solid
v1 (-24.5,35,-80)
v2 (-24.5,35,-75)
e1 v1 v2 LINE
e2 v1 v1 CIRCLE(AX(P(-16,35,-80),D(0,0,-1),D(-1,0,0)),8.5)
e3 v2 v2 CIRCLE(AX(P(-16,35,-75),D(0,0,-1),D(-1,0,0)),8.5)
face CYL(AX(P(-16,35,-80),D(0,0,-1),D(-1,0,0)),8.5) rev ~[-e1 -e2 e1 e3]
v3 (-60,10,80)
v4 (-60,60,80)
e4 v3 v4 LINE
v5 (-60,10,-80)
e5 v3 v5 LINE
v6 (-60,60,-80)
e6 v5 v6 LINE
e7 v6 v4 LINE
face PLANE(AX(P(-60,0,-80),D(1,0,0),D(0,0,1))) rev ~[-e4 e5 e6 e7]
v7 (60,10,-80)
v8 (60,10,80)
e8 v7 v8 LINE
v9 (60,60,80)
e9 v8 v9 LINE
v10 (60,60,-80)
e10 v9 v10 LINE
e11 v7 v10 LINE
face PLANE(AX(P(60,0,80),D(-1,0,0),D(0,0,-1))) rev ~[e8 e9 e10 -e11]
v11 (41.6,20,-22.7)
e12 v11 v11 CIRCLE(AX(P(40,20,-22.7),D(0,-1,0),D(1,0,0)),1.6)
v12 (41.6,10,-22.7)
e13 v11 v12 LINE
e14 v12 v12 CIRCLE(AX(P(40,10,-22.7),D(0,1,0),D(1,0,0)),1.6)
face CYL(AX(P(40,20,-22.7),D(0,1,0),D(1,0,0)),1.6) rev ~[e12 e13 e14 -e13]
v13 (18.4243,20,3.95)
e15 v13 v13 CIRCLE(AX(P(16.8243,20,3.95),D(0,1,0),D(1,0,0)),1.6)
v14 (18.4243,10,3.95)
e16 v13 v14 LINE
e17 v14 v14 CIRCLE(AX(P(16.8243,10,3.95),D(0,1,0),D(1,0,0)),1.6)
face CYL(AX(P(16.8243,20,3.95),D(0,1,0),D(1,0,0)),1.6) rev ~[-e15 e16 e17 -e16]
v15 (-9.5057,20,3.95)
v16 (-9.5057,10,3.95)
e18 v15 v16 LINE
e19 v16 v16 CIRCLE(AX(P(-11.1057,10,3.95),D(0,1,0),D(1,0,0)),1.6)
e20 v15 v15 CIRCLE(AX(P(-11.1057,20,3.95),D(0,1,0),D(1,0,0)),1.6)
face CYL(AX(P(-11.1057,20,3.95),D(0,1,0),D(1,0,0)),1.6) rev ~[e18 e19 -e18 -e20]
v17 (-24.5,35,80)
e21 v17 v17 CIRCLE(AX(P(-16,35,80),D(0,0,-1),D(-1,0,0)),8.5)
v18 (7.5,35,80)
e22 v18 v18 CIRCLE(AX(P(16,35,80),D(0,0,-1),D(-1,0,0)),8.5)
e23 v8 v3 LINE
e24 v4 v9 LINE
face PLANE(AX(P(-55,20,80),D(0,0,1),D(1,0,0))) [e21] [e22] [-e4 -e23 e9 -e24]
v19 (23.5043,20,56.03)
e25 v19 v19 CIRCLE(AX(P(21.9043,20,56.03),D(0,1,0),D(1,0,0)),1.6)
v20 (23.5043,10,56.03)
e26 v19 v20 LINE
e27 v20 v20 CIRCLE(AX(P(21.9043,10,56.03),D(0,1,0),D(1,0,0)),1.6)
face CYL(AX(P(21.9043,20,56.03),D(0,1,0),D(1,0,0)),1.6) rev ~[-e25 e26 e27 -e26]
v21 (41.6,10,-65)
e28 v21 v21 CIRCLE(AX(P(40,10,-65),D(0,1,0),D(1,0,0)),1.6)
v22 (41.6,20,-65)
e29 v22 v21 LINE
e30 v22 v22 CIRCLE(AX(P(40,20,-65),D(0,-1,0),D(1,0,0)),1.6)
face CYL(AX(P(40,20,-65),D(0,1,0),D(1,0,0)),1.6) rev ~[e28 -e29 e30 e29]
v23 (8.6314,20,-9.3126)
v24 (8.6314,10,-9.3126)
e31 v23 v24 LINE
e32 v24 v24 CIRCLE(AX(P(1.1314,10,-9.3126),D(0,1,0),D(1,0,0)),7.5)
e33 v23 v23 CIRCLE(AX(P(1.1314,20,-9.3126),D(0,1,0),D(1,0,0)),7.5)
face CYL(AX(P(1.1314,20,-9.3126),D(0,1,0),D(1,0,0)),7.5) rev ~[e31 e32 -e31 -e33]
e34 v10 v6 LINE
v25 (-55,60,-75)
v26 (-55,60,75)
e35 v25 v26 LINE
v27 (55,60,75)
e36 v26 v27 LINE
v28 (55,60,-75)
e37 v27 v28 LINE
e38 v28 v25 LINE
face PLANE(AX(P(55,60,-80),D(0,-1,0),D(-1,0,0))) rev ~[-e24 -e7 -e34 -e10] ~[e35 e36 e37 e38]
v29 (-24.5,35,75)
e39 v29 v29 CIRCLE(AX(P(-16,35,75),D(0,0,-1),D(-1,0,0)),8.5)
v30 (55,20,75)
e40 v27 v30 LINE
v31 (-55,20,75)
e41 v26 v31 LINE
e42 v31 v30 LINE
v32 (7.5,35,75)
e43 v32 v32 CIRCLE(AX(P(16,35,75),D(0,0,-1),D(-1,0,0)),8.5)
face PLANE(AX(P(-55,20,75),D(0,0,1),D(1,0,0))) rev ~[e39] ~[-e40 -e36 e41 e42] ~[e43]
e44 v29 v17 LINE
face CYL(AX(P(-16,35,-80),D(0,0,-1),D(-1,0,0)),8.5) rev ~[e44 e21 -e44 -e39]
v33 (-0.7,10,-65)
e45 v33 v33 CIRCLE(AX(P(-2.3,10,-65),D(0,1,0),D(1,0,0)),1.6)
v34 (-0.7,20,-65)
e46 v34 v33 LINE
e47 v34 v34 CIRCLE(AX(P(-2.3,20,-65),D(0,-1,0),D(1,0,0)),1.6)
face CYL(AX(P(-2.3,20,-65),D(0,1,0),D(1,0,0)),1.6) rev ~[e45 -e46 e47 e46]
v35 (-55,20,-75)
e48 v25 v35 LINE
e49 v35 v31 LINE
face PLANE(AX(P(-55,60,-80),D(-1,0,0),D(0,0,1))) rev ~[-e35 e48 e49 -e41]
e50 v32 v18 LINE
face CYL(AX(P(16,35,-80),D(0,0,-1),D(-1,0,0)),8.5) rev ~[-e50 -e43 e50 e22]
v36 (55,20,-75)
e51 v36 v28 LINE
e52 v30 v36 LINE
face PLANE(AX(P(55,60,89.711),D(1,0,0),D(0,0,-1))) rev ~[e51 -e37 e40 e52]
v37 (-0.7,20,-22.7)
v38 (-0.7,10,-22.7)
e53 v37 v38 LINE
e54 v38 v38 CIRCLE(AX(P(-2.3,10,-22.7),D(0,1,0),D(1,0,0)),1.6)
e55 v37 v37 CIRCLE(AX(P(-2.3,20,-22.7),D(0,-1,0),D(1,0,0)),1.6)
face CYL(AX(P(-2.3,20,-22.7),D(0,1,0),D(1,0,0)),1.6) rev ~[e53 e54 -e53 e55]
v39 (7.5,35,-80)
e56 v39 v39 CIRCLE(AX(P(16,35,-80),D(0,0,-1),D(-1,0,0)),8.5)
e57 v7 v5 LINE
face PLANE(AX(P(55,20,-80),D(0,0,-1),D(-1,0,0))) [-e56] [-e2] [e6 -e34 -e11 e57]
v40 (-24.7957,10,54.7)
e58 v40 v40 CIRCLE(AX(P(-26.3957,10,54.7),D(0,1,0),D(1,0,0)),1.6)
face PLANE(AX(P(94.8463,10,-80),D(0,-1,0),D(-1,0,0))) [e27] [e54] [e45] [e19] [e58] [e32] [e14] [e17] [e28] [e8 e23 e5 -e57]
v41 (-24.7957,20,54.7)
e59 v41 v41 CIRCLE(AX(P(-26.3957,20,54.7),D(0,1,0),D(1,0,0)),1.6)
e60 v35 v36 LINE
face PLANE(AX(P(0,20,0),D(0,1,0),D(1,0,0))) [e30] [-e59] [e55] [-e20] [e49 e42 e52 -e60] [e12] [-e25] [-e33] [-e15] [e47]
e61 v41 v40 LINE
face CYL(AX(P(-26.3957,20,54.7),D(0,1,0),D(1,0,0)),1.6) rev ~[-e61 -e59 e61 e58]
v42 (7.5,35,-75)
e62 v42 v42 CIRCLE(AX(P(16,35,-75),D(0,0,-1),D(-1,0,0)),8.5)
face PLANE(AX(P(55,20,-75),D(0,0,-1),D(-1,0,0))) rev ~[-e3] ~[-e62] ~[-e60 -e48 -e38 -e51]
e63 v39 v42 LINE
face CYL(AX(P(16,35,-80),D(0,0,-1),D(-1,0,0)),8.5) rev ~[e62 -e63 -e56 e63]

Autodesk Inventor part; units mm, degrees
ref_plane "YZ Plane" through (0, 0, 0) normal (1, 0, 0) x (0, 1, 0)
ref_plane "XZ Plane" through (0, 0, 0) normal (0, 1, 0) x (-1, 0, 0)
ref_plane "XY Plane" through (0, 0, 0) normal (0, 0, 1) x (1, 0, 0)
sketch "스케치1" plane through (0, 0, 0) normal (0, 1, 0) x (-1, 0, 0)
  line L0 (60, 80) -> (-60, 80)
  line L1 (-60, 80) -> (-60, -80)
  line L2 (-60, -80) -> (60, -80)
  line L3 (60, -80) -> (60, 80)
  line L4 (60, 80) -> (-60, -80) construction
  line L5 (-60, 80) -> (60, -80) construction
  point P0 (0, 0)
  dimension "d0" = 120
  dimension "d1" = 160
extrude "돌출1" add sketch "스케치1" along normal blind 60
sketch "스케치2" plane through (0, 60, 0) normal (0, 1, 0) x (1, 0, 0)
  line L0 (60, -80) -> (60, 80) projected
  line L1 (60, 80) -> (-60, 80) projected
  line L2 (55, 102.1646) -> (-55, 102.1646)
  line L3 (-55, 102.1646) -> (-55, -89.711)
  line L4 (-55, -89.711) -> (55, -89.711)
  line L5 (55, -89.711) -> (55, 102.1646)
  line L6 (-60, 80) -> (-60, -80) projected
  point P0 (0, 0)
  point P1 (55, 80)
  point P2 (-55, 80)
  dimension "d6" = 5
  dimension "d7" = 5
extrude "돌출2" cut sketch "스케치2" against normal blind 40 contours L5 L4 L3 L1
sketch "스케치9" plane through (0, 20, 0) normal (0, 1, 0) x (1, 0, 0)
  line L0 (-28.9457, -70) -> (24.4543, -70)
  line L1 (24.4543, -70) -> (24.4543, -1.4)
  line L2 (24.4543, -1.4) -> (-28.9457, -1.4)
  line L3 (-28.9457, -1.4) -> (-28.9457, -70)
  line L4 (55, -80) -> (-55, -80) projected
  circle A0 centre (-26.3957, -54.7) radius 1.6
  circle A1 centre (21.9043, -56.03) radius 1.6
  circle A2 centre (16.8243, -3.95) radius 1.6
  circle A3 centre (-11.1057, -3.95) radius 1.6
  point P0 (0, 0)
  dimension "d42" = 53.4
  dimension "d43" = 68.6
  dimension "d44" = 10
  dimension "d45" = 3.2
  dimension "d46" = 15.3
  dimension "d47" = 2.55
  dimension "d51" = 3.2
  dimension "d52" = 2.55
  dimension "d56" = 13.97
  dimension "d57" = 3.2
  dimension "d58" = 7.63
  dimension "d59" = 2.55
  dimension "d60" = 3.2
  dimension "d61" = 2.55
  dimension "d62" = 35.56
extrude "돌출8" cut sketch "스케치9" against normal through all contours A0 | A1 | A2 | A3
sketch "스케치12" plane through (60, 0, -80) normal (0, 0, -1) x (-1, 0, 0)
  line L0 (-34.8463, 10) -> (156.2634, 10)
  line L1 (156.2634, 10) -> (156.2634, -36.9465)
  line L2 (156.2634, -36.9465) -> (-34.8463, -36.9465)
  line L3 (-34.8463, -36.9465) -> (-34.8463, 10)
  line L4 (0, 0) -> (120, 0) projected
  point P0 (60, 0)
  dimension "d85" = 10
extrude "돌출10" cut sketch "스케치12" against normal through all
sketch "스케치13" plane through (-55, 20, 80) normal (0, 0, 1) x (1, 0, 0)
  line L0 (0, 40) -> (0, 0) projected
  line L1 (0, 0) -> (110, 0) projected
  line L2 (0, 40) -> (110, 40)
  line L3 (110, 40) -> (110, 0)
  line L4 (110, 0) -> (0, 0)
  line L5 (0, 0) -> (0, 40)
  point P0 (55, -20)
extrude "돌출11" add sketch "스케치13" against normal blind 5
sketch "스케치14" plane through (55, 20, -80) normal (0, 0, -1) x (-1, 0, 0)
  line L0 (0, 0) -> (0, 40) projected
  line L1 (110, 0) -> (0, 0) projected
  line L2 (0, 40) -> (110, 40)
  line L3 (110, 40) -> (110, 0)
  line L4 (110, 0) -> (0, 0)
  line L5 (0, 0) -> (0, 40)
  point P0 (55, -20)
extrude "돌출12" add sketch "스케치14" against normal blind 5
sketch "스케치15" plane through (60, 60, -80) normal (0, 0, -1) x (-1, 0, 0)
  point P0 (60, -60)
sketch "스케치16" plane through (60, 60, -80) normal (0, 0, -1) x (-1, 0, 0)
  point P0 (60, -60)
sketch "스케치17" plane through (0, 20, 0) normal (0, 1, 0) x (1, 0, 0)
  line L0 (-2.3, 22.7) -> (40, 22.7)
  line L1 (40, 22.7) -> (40, 65)
  line L2 (40, 65) -> (-2.3, 65)
  line L3 (-2.3, 65) -> (-2.3, 22.7)
  line L4 (55, 75) -> (55, -75) projected
  line L5 (55, 75) -> (-55, 75) projected
  circle A0 centre (-2.3, 22.7) radius 1.6
  circle A1 centre (-2.3, 65) radius 1.6
  circle A2 centre (40, 65) radius 1.6
  circle A3 centre (40, 22.7) radius 1.6
  line L6 (-47.9371, 14.7215) -> (-7.9371, 14.7215)
  line L7 (-7.9371, 14.7215) -> (-7.9371, 64.7215)
  line L8 (-7.9371, 64.7215) -> (-47.9371, 64.7215)
  line L9 (-47.9371, 64.7215) -> (-47.9371, 14.7215)
  point P0 (0, 0)
  dimension "d92" = 42.3
  dimension "d93" = 42.3
  dimension "d95" = 15
  dimension "d96" = 10
  dimension "d97" = 3.2
  dimension "d98" = 3.2
  dimension "d99" = 3.2
  dimension "d100" = 3.2
  dimension "d113" = 40
  dimension "d114" = 50
extrude "돌출13" cut sketch "스케치17" against normal through all contours L3 A0 L0 | L0 A0 L3 | A3 L1 L0 | L0 L1 A3 | A1 L2 L3 | L3 L2 A1 | A2 L2 L1 | L1 L2 A2
sketch "스케치19" plane through (60, 60, -80) normal (0, 0, -1) x (-1, 0, 0)
  line L0 (5, -40) -> (115, -40) projected
  circle A0 centre (44, -25) radius 8.5
  circle A1 centre (76, -25) radius 8.5
  line L1 (5, 0) -> (5, -40) projected
  line L2 (115, -40) -> (115, 0) projected
  point P0 (60, -60)
  dimension "d105" = 32
  dimension "d106" = 39
  dimension "d107" = 17
  dimension "d108" = 17
  dimension "d109" = 15
  dimension "d110" = 15
extrude "돌출14" cut sketch "스케치19" against normal through all
sketch "스케치21" plane through (0, 20, 0) normal (0, 1, 0) x (1, 0, 0)
  circle A0 centre (1.1314, 9.3126) radius 7.5
  line L0 (-49.3888, 17.2731) -> (-9.3888, 17.2731)
  line L1 (-9.3888, 17.2731) -> (-9.3888, 67.2731)
  line L2 (-9.3888, 67.2731) -> (-49.3888, 67.2731)
  line L3 (-49.3888, 67.2731) -> (-49.3888, 17.2731)
  point P0 (0, 0)
  dimension "d117" = 15
  dimension "d118" = 50
  dimension "d119" = 40
extrude "돌출15" cut sketch "스케치21" against normal through all contours A0
properties part number "본체판"
